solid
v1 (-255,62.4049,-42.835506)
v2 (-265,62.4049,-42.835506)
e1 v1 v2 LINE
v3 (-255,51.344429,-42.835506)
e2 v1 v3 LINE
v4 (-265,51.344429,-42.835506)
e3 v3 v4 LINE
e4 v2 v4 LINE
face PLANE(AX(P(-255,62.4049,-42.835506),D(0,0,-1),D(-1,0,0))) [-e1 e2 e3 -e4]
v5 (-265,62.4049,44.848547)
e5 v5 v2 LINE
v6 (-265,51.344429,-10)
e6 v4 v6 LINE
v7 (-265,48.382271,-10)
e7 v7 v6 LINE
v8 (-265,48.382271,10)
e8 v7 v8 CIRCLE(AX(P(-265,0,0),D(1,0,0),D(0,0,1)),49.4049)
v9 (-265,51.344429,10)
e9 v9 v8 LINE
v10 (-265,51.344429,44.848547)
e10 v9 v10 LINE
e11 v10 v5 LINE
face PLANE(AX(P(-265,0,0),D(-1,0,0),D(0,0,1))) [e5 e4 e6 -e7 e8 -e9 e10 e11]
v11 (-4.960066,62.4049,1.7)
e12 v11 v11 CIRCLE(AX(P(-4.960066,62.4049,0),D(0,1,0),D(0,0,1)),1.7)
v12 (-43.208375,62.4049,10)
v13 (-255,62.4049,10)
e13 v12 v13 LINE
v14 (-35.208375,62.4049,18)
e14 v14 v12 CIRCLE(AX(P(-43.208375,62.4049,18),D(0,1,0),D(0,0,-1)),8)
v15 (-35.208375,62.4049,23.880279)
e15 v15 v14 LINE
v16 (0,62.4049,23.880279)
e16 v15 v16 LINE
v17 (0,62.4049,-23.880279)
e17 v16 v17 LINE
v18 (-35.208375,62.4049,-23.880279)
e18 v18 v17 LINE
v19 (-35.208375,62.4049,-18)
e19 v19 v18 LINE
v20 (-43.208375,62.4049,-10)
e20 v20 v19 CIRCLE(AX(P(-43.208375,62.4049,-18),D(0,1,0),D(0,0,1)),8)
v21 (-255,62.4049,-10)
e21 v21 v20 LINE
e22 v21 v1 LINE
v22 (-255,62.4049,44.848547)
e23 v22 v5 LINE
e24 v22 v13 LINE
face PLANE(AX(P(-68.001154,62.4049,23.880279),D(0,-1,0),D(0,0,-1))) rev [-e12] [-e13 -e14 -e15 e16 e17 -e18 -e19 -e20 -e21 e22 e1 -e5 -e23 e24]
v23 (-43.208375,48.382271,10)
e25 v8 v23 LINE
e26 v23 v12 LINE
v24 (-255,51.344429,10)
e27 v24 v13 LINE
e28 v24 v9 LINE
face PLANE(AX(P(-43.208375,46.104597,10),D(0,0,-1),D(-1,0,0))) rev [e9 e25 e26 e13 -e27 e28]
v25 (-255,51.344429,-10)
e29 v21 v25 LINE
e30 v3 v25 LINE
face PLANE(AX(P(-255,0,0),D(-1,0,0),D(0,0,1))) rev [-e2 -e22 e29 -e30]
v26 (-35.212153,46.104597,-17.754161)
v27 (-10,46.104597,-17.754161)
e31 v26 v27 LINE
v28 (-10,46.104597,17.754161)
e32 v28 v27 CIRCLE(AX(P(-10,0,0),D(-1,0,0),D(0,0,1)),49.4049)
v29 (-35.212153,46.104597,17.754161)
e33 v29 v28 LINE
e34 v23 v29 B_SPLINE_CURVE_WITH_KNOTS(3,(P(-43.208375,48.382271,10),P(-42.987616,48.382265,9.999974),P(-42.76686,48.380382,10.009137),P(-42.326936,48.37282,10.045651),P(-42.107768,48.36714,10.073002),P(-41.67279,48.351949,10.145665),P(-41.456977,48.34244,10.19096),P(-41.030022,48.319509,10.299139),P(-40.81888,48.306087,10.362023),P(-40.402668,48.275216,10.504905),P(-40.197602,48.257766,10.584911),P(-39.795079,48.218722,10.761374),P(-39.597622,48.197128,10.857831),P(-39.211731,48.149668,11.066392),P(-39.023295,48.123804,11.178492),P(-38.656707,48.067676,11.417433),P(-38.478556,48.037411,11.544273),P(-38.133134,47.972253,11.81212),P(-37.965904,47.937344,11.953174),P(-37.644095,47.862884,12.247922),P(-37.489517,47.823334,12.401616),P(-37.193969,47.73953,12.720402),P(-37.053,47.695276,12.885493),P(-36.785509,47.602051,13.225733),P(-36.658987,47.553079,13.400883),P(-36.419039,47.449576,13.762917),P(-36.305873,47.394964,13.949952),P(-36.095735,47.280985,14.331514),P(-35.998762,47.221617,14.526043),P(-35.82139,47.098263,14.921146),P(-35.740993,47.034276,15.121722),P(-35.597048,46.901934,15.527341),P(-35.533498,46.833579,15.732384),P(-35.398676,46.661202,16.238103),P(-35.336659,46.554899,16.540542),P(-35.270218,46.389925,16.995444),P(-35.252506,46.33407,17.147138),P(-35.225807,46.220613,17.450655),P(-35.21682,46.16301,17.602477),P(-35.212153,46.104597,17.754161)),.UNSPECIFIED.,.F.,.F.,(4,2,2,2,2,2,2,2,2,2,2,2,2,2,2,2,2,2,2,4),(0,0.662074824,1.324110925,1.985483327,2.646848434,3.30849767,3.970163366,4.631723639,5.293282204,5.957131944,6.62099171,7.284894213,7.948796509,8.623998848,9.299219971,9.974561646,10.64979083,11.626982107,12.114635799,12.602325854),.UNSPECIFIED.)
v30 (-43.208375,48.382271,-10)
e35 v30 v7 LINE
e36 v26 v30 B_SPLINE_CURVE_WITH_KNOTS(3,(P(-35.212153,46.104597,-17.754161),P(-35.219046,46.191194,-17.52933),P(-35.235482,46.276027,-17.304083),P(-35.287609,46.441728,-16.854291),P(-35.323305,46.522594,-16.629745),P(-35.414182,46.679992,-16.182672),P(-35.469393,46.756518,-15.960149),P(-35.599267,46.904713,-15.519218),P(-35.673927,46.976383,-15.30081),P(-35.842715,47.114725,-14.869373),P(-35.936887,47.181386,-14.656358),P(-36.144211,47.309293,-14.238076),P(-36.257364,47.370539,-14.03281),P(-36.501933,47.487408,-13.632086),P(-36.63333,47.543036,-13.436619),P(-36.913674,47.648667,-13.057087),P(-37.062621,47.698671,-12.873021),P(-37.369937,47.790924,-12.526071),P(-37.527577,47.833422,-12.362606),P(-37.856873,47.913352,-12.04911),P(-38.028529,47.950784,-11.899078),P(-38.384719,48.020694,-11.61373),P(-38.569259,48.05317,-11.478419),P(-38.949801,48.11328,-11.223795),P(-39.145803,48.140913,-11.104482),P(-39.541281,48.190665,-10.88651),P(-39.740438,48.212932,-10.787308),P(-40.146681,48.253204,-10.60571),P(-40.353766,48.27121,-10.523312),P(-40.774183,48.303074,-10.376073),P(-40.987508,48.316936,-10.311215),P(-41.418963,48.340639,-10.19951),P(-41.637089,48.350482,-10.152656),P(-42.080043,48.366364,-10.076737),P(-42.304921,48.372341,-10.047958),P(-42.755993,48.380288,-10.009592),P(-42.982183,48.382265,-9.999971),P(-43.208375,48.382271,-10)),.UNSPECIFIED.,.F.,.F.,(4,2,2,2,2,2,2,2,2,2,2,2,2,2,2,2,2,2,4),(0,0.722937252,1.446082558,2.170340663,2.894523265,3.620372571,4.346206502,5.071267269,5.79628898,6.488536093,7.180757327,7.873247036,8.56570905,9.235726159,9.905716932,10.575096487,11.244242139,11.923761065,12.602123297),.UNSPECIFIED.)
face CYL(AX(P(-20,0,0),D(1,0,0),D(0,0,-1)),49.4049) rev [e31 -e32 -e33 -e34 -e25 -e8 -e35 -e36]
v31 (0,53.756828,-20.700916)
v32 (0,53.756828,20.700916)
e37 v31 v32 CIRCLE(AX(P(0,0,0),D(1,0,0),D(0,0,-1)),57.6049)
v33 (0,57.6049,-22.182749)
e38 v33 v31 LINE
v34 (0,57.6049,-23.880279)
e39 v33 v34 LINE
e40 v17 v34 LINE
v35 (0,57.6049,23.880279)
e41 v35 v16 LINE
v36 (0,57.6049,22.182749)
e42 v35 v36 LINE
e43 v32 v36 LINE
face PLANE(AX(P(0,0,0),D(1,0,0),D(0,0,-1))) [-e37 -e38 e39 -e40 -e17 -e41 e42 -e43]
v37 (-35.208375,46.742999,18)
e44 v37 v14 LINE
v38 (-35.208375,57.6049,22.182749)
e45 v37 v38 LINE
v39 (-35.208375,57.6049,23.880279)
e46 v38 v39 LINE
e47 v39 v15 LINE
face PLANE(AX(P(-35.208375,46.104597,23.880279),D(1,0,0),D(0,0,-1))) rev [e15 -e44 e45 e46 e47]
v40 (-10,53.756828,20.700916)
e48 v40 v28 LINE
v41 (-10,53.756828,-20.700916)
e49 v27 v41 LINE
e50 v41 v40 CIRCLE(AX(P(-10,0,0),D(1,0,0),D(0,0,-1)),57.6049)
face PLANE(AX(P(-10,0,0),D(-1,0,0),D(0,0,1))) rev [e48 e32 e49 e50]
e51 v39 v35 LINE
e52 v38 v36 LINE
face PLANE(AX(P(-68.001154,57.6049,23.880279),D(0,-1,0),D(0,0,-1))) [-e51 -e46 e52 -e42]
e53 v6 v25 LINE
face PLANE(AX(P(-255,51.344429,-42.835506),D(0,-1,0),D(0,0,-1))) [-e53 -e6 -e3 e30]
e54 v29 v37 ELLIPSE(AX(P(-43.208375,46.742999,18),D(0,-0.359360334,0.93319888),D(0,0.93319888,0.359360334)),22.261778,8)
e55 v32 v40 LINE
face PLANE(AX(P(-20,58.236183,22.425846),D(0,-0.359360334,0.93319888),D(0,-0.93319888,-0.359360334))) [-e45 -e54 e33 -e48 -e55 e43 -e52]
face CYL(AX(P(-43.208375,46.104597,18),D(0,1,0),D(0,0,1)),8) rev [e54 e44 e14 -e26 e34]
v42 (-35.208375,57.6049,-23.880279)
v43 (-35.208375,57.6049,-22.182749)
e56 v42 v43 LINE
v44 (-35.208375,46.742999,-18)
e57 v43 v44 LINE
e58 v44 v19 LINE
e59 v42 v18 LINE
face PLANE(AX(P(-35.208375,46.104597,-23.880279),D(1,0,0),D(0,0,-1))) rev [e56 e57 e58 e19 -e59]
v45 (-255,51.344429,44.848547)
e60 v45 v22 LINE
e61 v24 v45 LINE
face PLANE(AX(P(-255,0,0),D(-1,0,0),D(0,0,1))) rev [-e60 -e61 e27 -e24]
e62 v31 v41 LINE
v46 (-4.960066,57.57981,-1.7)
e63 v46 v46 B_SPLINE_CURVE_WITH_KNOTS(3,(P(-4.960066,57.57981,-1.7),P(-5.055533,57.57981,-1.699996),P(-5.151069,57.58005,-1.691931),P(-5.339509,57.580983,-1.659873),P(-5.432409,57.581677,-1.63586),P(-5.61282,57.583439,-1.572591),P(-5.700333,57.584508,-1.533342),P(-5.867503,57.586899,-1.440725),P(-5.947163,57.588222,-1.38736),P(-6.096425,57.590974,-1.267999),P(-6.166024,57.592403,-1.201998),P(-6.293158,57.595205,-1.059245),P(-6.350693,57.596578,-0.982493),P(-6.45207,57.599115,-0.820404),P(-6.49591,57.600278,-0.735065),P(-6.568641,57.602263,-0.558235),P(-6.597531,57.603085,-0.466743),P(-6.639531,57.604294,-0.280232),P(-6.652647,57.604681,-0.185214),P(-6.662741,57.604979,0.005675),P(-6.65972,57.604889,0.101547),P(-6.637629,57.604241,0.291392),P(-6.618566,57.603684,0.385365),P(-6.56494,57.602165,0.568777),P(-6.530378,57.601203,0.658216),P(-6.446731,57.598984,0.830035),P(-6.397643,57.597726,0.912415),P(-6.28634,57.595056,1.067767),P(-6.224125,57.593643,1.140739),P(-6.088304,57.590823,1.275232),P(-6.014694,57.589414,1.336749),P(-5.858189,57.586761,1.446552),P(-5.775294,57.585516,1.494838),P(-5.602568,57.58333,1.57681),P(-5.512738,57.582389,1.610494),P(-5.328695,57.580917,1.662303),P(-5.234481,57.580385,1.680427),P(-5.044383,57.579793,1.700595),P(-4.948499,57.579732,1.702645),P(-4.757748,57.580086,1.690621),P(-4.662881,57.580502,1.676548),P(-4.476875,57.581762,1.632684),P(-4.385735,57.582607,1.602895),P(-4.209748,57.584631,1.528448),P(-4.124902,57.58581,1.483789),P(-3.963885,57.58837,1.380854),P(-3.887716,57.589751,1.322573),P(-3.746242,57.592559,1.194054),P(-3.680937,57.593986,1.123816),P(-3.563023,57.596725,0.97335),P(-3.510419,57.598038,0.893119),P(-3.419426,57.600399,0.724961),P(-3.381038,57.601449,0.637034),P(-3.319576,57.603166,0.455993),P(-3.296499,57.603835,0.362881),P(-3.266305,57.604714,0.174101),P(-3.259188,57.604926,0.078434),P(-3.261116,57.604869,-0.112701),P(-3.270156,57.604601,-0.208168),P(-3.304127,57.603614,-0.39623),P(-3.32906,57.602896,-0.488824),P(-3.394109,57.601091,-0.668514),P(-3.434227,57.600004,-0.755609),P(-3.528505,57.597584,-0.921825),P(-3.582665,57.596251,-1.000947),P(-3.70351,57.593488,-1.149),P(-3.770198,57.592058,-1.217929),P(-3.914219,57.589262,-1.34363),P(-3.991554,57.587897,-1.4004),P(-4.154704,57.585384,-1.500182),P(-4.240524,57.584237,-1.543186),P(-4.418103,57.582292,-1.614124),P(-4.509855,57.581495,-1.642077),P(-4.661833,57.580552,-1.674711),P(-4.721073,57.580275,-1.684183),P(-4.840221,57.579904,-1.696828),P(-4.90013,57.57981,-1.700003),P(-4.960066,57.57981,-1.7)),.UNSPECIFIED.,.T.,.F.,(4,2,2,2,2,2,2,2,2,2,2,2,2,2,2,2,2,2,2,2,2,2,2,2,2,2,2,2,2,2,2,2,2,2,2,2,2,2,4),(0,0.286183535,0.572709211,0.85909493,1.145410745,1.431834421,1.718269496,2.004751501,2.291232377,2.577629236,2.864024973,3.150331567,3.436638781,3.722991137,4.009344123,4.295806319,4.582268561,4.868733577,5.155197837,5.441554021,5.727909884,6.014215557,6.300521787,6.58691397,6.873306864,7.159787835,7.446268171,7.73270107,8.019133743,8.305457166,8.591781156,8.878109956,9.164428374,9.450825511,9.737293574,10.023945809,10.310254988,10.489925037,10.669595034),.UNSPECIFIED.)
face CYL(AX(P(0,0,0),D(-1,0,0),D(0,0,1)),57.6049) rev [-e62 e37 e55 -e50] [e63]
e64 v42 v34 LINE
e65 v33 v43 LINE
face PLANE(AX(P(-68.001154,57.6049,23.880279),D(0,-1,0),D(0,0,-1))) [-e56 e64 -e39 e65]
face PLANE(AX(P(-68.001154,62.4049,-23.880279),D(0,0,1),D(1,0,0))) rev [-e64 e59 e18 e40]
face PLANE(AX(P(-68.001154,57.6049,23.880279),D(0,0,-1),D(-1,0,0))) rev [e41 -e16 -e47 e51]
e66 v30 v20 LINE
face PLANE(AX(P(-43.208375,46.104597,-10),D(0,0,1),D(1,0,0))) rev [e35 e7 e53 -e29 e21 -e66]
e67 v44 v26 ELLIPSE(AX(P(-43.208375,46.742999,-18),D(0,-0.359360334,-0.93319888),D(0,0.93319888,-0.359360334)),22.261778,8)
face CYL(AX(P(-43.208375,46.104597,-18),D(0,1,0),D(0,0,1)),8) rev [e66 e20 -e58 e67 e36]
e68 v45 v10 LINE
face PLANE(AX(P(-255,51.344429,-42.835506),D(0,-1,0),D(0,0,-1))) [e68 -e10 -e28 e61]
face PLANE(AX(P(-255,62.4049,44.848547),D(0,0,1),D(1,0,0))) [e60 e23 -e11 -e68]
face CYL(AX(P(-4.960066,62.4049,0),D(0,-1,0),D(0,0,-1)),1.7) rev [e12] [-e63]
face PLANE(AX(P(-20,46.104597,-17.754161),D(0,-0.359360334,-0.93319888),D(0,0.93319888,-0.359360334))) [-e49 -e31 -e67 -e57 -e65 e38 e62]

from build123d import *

# Parameters (mm, degrees)
EXTRUDE_1_DEPTH     = 10
EXTRUDE_START       = 10
EXTRUDE_2_DEPTH     = 10
EXTRUDE_START_2     = -20
SKETCH_5_W          = 47.76055714
SKETCH_5_H          = 4.8
EXTRUDE_3_DEPTH     = 20
SKETCH_4_R          = 1.7
CUT_EXTRUDE_1_DEPTH = 70.746966001
EXTRUDE_1_2_DEPTH   = 245
CUT_EXTRUDE_2_DEPTH = 267.572630949
SKETCH_8_W          = 87.68405268
SKETCH_8_H          = 11.060470773
EXTRUDE_2_2_DEPTH   = 10


with BuildPart() as part:
    # 草图2 → Extrude 1 (new body)
    with BuildSketch(Plane.ZY.offset(10)):
        with BuildLine():
            ThreePointArc((17.754161429, 46.104597493), (0, 49.404900142), (-17.754161429, 46.104597493))
            Line((-17.754161429, 46.104597493), (-22.425845774, 58.236182937))
            ThreePointArc((-22.425845774, 58.236182937), (0, 62.404900142), (22.425845774, 58.236182937))
            Line((22.425845774, 58.236182937), (17.754161429, 46.104597493))
        make_face()
    extrude(amount=EXTRUDE_1_DEPTH)

    # 草图3 → Extrude 2 (add)
    with BuildSketch(Plane(origin=(-10, 0, 0), x_dir=(0, 0, -1), z_dir=(1, 0, 0)).offset(EXTRUDE_START)):
        with BuildLine():
            ThreePointArc((22.425845774, 58.236182937), (0, 62.404900142), (-22.425845774, 58.236182937))
            Line((-22.425845774, 58.236182937), (-20.700916169, 53.756828311))
            ThreePointArc((-20.700916169, 53.756828311), (0, 57.604900142), (20.700916169, 53.756828311))
            Line((20.700916169, 53.756828311), (22.425845774, 58.236182937))
        make_face()
    extrude(amount=-EXTRUDE_2_DEPTH)

    # 草图5 → 拉伸-薄壁3 (add)
    with BuildSketch(Plane(origin=(0, 0, 0), x_dir=(0, 0, -1), z_dir=(1, 0, 0)).offset(EXTRUDE_START_2)):
        with Locations((0, 60.004900142)):
            Rectangle(SKETCH_5_W, SKETCH_5_H)
    extrude(amount=EXTRUDE_3_DEPTH)

    # 草图4 → 切除-拉伸1 (cut, through all)
    with BuildSketch(Plane(origin=(0, 0, 0), x_dir=(1, 0, 0), z_dir=(0, 1, 0))):
        with Locations(Location((-4.960065679, 0, 0), (0, 0, 90))):
            Circle(SKETCH_4_R)
    extrude(amount=CUT_EXTRUDE_1_DEPTH, mode=Mode.SUBTRACT)

    # 草图6 → Extrude 1 2 (add)
    with BuildSketch(Plane.ZY.offset(20)):
        with BuildLine():
            Line((23.88027857, 62.404900142), (-23.88027857, 62.404900142))
            Line((-23.88027857, 62.404900142), (-23.88027857, 57.604900142))
            Line((-23.88027857, 57.604900142), (-22.182748615, 57.604900142))
            Line((-22.182748615, 57.604900142), (-17.754161429, 46.104597493))
            ThreePointArc((-17.754161429, 46.104597493), (0, 49.404900142), (17.754161429, 46.104597493))
            Line((17.754161429, 46.104597493), (22.182748615, 57.604900142))
            Line((22.182748615, 57.604900142), (23.88027857, 57.604900142))
            Line((23.88027857, 57.604900142), (23.88027857, 62.404900142))
        make_face()
    extrude(amount=EXTRUDE_1_2_DEPTH)

    # 草图7 → 切除-拉伸2 (cut, through all)
    with BuildSketch(Plane(origin=(0, 62.404900142, 0), x_dir=(1, 0, 0), z_dir=(0, 1, 0))):
        with BuildLine():
            Line((-35.208375229, 23.88027857), (-35.208375229, 18))
            ThreePointArc((-35.208375229, 18), (-37.55152098, 12.343145751), (-43.208375229, 10))
            Line((-43.208375229, 10), (-265, 10))
            Line((-265, 10), (-265, 23.88027857))
            Line((-265, 23.88027857), (-35.208375229, 23.88027857))
        make_face()
        with BuildLine():
            Line((-43.208375229, -10), (-265, -10))
            Line((-265, -10), (-265, -23.88027857))
            Line((-265, -23.88027857), (-35.208375229, -23.88027857))
            Line((-35.208375229, -23.88027857), (-35.208375229, -18))
            ThreePointArc((-35.208375229, -18), (-37.55152098, -12.343145751), (-43.208375229, -10))
        make_face()
    extrude(amount=-CUT_EXTRUDE_2_DEPTH, mode=Mode.SUBTRACT)

    # 草图8 → Extrude 2 2 (add)
    with BuildSketch(Plane.ZY.offset(265)):
        with Locations((1.006520642, 56.874664756)):
            Rectangle(SKETCH_8_W, SKETCH_8_H)
    extrude(amount=-EXTRUDE_2_2_DEPTH)


solid = part.part
